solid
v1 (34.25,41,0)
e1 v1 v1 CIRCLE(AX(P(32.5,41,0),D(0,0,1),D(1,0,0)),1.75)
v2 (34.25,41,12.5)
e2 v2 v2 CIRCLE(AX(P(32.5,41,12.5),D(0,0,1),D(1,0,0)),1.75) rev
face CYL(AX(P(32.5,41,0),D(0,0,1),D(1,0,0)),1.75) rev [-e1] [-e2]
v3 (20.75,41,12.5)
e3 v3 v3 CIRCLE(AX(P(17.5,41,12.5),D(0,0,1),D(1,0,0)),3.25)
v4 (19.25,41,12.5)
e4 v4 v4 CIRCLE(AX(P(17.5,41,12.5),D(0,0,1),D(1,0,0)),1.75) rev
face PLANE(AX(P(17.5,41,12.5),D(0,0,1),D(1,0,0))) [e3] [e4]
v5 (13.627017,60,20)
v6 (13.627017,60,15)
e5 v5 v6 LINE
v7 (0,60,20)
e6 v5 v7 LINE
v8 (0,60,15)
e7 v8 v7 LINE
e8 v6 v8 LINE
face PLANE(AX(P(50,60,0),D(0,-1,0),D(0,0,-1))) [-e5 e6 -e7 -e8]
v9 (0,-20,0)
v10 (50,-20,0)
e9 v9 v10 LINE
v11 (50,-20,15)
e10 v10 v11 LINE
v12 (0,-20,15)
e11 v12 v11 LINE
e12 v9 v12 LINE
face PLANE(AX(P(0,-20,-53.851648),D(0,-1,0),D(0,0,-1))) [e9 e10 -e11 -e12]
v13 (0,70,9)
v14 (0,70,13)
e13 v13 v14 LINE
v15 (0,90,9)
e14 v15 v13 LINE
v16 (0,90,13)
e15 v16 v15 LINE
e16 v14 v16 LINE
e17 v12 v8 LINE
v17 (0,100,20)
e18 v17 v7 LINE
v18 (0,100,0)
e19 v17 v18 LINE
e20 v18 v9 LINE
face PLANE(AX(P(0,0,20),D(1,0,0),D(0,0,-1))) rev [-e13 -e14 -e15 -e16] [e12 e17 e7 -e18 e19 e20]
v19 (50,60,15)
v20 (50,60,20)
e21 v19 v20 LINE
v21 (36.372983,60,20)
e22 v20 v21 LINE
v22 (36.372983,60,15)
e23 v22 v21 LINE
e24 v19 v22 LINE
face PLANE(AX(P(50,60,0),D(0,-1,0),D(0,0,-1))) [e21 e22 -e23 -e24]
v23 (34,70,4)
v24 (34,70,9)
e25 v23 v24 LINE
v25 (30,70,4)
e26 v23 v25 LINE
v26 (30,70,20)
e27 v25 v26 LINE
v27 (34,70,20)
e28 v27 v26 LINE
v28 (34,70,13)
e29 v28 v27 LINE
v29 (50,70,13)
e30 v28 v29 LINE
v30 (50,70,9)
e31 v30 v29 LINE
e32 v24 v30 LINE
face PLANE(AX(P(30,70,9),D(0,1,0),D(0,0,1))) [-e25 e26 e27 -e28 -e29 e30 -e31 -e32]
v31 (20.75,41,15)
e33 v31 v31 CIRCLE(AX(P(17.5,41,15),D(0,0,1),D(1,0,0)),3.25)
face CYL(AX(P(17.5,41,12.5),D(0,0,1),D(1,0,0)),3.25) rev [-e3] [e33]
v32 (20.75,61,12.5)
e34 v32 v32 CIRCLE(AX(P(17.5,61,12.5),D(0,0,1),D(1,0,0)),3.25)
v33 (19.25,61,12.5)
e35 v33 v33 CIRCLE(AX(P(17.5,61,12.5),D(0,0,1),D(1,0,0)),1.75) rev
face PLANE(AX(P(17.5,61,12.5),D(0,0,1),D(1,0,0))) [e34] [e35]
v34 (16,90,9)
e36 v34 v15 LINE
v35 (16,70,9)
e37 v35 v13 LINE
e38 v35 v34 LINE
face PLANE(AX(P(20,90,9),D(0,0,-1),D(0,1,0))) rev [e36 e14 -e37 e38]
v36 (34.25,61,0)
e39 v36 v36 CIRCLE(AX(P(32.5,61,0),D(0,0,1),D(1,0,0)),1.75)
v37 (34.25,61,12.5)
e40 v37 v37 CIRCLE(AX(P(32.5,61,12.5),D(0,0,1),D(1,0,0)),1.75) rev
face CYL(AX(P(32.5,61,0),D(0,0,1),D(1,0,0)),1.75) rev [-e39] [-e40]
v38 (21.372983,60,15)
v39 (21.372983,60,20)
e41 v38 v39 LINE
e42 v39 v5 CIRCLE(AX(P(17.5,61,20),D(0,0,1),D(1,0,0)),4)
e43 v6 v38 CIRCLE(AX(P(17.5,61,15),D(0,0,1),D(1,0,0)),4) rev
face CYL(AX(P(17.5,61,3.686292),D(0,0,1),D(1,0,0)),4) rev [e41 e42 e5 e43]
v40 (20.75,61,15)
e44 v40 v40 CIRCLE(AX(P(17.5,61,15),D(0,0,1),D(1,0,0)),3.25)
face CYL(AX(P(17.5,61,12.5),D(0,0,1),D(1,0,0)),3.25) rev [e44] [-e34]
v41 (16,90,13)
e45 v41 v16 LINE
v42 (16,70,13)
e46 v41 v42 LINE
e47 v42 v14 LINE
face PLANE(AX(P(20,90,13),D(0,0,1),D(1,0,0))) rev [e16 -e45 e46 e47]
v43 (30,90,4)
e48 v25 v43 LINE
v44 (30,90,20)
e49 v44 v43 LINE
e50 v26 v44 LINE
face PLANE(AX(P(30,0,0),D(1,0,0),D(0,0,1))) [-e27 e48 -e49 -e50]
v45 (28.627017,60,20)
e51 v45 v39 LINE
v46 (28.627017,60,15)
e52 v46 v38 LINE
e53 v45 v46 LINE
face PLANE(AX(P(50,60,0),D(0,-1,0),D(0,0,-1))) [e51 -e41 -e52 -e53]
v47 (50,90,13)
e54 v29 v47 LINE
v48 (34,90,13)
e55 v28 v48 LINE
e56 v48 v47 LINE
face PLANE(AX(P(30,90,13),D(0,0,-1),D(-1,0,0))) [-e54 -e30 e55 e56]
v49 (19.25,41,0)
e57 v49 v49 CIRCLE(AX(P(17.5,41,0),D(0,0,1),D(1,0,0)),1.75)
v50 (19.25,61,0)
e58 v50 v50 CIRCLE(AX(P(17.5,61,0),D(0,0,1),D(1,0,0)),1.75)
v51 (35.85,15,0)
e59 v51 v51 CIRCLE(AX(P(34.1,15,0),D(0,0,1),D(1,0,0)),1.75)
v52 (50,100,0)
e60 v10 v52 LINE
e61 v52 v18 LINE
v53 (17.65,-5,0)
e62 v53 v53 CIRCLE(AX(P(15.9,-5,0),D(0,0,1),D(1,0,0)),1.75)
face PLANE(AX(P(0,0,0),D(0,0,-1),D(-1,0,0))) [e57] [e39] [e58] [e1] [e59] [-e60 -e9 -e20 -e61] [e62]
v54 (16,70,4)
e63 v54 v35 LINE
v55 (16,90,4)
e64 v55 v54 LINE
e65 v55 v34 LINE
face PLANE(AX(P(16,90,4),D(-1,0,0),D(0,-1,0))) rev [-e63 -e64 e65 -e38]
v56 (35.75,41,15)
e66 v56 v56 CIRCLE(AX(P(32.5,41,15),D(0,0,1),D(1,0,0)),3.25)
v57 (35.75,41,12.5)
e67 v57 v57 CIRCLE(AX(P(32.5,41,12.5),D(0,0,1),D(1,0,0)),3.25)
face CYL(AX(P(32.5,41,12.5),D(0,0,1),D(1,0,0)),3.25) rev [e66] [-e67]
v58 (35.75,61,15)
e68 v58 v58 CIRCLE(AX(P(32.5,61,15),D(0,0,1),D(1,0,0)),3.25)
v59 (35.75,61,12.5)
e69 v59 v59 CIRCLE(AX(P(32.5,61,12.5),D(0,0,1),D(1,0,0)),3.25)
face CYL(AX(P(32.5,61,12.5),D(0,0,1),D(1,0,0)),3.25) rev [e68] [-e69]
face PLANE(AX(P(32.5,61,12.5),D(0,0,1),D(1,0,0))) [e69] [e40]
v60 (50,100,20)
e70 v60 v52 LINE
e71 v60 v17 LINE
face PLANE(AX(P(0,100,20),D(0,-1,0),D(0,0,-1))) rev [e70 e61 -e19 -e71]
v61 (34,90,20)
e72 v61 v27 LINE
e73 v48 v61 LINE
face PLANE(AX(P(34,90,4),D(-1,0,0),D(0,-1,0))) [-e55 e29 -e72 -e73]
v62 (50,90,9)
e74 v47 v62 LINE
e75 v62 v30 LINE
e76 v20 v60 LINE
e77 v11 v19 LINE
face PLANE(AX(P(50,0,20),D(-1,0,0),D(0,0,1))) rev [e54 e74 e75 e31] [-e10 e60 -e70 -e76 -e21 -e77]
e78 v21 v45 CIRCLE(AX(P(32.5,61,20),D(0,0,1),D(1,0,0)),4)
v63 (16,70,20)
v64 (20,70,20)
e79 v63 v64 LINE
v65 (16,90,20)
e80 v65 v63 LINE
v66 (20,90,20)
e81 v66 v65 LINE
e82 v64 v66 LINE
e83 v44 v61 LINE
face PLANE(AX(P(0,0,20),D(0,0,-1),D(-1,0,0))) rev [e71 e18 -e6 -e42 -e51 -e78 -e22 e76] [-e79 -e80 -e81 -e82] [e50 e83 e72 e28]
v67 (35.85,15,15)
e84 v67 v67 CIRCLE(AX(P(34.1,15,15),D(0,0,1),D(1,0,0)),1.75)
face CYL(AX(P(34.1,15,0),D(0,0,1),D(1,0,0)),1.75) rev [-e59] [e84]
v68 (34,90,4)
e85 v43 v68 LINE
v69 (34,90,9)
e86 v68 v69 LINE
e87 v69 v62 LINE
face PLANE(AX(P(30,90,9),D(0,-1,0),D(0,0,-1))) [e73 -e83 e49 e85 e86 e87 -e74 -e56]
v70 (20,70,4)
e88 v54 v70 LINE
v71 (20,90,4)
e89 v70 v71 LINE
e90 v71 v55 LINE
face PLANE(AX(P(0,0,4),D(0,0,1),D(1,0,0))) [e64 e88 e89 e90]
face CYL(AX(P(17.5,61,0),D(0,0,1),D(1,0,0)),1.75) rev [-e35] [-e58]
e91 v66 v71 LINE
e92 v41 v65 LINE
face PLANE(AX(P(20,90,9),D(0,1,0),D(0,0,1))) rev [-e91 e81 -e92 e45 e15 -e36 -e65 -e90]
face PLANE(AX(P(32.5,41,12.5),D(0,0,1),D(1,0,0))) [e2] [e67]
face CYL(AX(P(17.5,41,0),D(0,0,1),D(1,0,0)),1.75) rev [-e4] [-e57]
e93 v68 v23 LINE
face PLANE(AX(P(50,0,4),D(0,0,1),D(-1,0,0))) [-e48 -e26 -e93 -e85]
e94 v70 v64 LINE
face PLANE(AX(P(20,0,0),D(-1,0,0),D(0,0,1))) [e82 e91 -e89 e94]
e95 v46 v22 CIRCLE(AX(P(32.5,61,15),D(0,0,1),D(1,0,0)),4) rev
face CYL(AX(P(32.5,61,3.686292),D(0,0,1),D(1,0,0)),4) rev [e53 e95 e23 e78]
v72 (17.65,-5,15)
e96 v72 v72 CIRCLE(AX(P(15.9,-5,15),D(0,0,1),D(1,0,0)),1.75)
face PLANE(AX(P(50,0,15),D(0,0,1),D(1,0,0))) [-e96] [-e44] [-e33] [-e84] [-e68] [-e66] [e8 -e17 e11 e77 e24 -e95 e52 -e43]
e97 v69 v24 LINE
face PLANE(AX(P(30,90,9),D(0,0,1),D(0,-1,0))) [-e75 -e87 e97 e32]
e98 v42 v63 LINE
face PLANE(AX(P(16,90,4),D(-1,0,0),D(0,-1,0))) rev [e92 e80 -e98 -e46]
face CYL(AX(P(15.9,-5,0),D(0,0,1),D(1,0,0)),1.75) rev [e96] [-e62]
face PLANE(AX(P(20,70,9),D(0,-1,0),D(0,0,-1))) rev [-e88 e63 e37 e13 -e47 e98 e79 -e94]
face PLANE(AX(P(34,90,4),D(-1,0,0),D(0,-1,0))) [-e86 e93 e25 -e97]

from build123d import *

# Parameters (mm, degrees)
SKETCH1_W           = 50
SKETCH1_H           = 100
BOSS_EXTRUDE1_DEPTH = 20
SKETCH2_W           = 4
SKETCH2_H           = 20
CUT_EXTRUDE1_DEPTH  = 20
SKETCH3_W           = 4
SKETCH3_H           = 20
CUT_EXTRUDE2_DEPTH  = 16
SKETCH4_W           = 5
SKETCH4_H           = 60
CUT_EXTRUDE3_DEPTH  = 114.578166916
SKETCH6_R           = 1.75
CUT_EXTRUDE5_DEPTH  = 114.578166916
SKETCH7_R           = 4
CUT_EXTRUDE6_DEPTH  = 5
SKETCH8_R           = 3.25
CUT_EXTRUDE7_DEPTH  = 2.5
SKETCH9_W           = 50
SKETCH9_H           = 20
BOSS_EXTRUDE2_DEPTH = 15
SKETCH5_R           = 1.75
CUT_EXTRUDE4_DEPTH  = 113.805141727


with BuildPart() as part:
    # Sketch1 → Boss-Extrude1 (new body)
    with BuildSketch(Plane.XY):
        with Locations((25, 50)):
            Rectangle(SKETCH1_W, SKETCH1_H)
    extrude(amount=BOSS_EXTRUDE1_DEPTH)

    # Sketch2 → Cut-Extrude1 (cut)
    with BuildSketch(Plane.ZY):
        with Locations((11, 80)):
            Rectangle(SKETCH2_W, SKETCH2_H)
    cut_extrude1 = extrude(amount=-CUT_EXTRUDE1_DEPTH, mode=Mode.SUBTRACT)

    # Sketch3 → Cut-Extrude2 (cut)
    with BuildSketch(Plane.XY.offset(20)):
        with Locations((18, 80)):
            Rectangle(SKETCH3_W, SKETCH3_H)
    cut_extrude2 = extrude(amount=-CUT_EXTRUDE2_DEPTH, mode=Mode.SUBTRACT)

    # Mirror1: Cut-Extrude1, Cut-Extrude2 across plane
    add(cut_extrude1.mirror(Plane.ZY.offset(-25)), mode=Mode.SUBTRACT)
    add(cut_extrude2.mirror(Plane.ZY.offset(-25)), mode=Mode.SUBTRACT)

    # Sketch4 → Cut-Extrude3 (cut, through all)
    with BuildSketch(Plane.ZY):
        with Locations((17.5, 30)):
            Rectangle(SKETCH4_W, SKETCH4_H)
    extrude(amount=-CUT_EXTRUDE3_DEPTH, mode=Mode.SUBTRACT)

    # Sketch6 → Cut-Extrude5 (cut, through all)
    with BuildSketch(Plane.XY.offset(20)):
        with BuildLine():
            ThreePointArc((19.25, 61), (16.975951413, 62.66969251), (16.063859338, 60))
            Line((16.063859338, 60), (18.936140662, 60))
            ThreePointArc((18.936140662, 60), (19.16969251, 60.475951413), (19.25, 61))
        make_face()
        with BuildLine():
            Line((18.936140662, 60), (16.063859338, 60))
            ThreePointArc((16.063859338, 60), (17.5, 59.25), (18.936140662, 60))
        make_face()
        with BuildLine():
            ThreePointArc((34.25, 61), (31.975951413, 62.66969251), (31.063859338, 60))
            Line((31.063859338, 60), (33.936140662, 60))
            ThreePointArc((33.936140662, 60), (34.16969251, 60.475951413), (34.25, 61))
        make_face()
        with BuildLine():
            Line((33.936140662, 60), (31.063859338, 60))
            ThreePointArc((31.063859338, 60), (32.5, 59.25), (33.936140662, 60))
        make_face()
        with Locations((32.5, 41)):
            Circle(SKETCH6_R)
        with Locations((17.5, 41)):
            Circle(SKETCH6_R)
    extrude(amount=-CUT_EXTRUDE5_DEPTH, mode=Mode.SUBTRACT)

    # Sketch7 → Cut-Extrude6 (cut)
    with BuildSketch(Plane.XY.offset(20)):
        with Locations((32.5, 61)):
            Circle(SKETCH7_R)
        with Locations((17.5, 61)):
            Circle(SKETCH7_R)
    extrude(amount=-CUT_EXTRUDE6_DEPTH, mode=Mode.SUBTRACT)

    # Sketch8 → Cut-Extrude7 (cut)
    with BuildSketch(Plane.XY.offset(15)):
        with Locations((17.5, 61)):
            Circle(SKETCH8_R)
        with Locations((32.5, 61)):
            Circle(SKETCH8_R)
        with Locations((32.5, 41)):
            Circle(SKETCH8_R)
        with Locations((17.5, 41)):
            Circle(SKETCH8_R)
    extrude(amount=-CUT_EXTRUDE7_DEPTH, mode=Mode.SUBTRACT)

    # Sketch9 → Boss-Extrude2 (add)
    with BuildSketch(Plane.XY.offset(15)):
        with Locations((25, -10)):
            Rectangle(SKETCH9_W, SKETCH9_H)
    extrude(amount=-BOSS_EXTRUDE2_DEPTH)

    # Sketch5 → Cut-Extrude4 (cut, through all)
    with BuildSketch(Plane.XY.offset(15)):
        with Locations((34.1, 15)):
            Circle(SKETCH5_R)
        with Locations((15.9, -5)):
            Circle(SKETCH5_R)
    extrude(amount=-CUT_EXTRUDE4_DEPTH, mode=Mode.SUBTRACT)


solid = part.part
